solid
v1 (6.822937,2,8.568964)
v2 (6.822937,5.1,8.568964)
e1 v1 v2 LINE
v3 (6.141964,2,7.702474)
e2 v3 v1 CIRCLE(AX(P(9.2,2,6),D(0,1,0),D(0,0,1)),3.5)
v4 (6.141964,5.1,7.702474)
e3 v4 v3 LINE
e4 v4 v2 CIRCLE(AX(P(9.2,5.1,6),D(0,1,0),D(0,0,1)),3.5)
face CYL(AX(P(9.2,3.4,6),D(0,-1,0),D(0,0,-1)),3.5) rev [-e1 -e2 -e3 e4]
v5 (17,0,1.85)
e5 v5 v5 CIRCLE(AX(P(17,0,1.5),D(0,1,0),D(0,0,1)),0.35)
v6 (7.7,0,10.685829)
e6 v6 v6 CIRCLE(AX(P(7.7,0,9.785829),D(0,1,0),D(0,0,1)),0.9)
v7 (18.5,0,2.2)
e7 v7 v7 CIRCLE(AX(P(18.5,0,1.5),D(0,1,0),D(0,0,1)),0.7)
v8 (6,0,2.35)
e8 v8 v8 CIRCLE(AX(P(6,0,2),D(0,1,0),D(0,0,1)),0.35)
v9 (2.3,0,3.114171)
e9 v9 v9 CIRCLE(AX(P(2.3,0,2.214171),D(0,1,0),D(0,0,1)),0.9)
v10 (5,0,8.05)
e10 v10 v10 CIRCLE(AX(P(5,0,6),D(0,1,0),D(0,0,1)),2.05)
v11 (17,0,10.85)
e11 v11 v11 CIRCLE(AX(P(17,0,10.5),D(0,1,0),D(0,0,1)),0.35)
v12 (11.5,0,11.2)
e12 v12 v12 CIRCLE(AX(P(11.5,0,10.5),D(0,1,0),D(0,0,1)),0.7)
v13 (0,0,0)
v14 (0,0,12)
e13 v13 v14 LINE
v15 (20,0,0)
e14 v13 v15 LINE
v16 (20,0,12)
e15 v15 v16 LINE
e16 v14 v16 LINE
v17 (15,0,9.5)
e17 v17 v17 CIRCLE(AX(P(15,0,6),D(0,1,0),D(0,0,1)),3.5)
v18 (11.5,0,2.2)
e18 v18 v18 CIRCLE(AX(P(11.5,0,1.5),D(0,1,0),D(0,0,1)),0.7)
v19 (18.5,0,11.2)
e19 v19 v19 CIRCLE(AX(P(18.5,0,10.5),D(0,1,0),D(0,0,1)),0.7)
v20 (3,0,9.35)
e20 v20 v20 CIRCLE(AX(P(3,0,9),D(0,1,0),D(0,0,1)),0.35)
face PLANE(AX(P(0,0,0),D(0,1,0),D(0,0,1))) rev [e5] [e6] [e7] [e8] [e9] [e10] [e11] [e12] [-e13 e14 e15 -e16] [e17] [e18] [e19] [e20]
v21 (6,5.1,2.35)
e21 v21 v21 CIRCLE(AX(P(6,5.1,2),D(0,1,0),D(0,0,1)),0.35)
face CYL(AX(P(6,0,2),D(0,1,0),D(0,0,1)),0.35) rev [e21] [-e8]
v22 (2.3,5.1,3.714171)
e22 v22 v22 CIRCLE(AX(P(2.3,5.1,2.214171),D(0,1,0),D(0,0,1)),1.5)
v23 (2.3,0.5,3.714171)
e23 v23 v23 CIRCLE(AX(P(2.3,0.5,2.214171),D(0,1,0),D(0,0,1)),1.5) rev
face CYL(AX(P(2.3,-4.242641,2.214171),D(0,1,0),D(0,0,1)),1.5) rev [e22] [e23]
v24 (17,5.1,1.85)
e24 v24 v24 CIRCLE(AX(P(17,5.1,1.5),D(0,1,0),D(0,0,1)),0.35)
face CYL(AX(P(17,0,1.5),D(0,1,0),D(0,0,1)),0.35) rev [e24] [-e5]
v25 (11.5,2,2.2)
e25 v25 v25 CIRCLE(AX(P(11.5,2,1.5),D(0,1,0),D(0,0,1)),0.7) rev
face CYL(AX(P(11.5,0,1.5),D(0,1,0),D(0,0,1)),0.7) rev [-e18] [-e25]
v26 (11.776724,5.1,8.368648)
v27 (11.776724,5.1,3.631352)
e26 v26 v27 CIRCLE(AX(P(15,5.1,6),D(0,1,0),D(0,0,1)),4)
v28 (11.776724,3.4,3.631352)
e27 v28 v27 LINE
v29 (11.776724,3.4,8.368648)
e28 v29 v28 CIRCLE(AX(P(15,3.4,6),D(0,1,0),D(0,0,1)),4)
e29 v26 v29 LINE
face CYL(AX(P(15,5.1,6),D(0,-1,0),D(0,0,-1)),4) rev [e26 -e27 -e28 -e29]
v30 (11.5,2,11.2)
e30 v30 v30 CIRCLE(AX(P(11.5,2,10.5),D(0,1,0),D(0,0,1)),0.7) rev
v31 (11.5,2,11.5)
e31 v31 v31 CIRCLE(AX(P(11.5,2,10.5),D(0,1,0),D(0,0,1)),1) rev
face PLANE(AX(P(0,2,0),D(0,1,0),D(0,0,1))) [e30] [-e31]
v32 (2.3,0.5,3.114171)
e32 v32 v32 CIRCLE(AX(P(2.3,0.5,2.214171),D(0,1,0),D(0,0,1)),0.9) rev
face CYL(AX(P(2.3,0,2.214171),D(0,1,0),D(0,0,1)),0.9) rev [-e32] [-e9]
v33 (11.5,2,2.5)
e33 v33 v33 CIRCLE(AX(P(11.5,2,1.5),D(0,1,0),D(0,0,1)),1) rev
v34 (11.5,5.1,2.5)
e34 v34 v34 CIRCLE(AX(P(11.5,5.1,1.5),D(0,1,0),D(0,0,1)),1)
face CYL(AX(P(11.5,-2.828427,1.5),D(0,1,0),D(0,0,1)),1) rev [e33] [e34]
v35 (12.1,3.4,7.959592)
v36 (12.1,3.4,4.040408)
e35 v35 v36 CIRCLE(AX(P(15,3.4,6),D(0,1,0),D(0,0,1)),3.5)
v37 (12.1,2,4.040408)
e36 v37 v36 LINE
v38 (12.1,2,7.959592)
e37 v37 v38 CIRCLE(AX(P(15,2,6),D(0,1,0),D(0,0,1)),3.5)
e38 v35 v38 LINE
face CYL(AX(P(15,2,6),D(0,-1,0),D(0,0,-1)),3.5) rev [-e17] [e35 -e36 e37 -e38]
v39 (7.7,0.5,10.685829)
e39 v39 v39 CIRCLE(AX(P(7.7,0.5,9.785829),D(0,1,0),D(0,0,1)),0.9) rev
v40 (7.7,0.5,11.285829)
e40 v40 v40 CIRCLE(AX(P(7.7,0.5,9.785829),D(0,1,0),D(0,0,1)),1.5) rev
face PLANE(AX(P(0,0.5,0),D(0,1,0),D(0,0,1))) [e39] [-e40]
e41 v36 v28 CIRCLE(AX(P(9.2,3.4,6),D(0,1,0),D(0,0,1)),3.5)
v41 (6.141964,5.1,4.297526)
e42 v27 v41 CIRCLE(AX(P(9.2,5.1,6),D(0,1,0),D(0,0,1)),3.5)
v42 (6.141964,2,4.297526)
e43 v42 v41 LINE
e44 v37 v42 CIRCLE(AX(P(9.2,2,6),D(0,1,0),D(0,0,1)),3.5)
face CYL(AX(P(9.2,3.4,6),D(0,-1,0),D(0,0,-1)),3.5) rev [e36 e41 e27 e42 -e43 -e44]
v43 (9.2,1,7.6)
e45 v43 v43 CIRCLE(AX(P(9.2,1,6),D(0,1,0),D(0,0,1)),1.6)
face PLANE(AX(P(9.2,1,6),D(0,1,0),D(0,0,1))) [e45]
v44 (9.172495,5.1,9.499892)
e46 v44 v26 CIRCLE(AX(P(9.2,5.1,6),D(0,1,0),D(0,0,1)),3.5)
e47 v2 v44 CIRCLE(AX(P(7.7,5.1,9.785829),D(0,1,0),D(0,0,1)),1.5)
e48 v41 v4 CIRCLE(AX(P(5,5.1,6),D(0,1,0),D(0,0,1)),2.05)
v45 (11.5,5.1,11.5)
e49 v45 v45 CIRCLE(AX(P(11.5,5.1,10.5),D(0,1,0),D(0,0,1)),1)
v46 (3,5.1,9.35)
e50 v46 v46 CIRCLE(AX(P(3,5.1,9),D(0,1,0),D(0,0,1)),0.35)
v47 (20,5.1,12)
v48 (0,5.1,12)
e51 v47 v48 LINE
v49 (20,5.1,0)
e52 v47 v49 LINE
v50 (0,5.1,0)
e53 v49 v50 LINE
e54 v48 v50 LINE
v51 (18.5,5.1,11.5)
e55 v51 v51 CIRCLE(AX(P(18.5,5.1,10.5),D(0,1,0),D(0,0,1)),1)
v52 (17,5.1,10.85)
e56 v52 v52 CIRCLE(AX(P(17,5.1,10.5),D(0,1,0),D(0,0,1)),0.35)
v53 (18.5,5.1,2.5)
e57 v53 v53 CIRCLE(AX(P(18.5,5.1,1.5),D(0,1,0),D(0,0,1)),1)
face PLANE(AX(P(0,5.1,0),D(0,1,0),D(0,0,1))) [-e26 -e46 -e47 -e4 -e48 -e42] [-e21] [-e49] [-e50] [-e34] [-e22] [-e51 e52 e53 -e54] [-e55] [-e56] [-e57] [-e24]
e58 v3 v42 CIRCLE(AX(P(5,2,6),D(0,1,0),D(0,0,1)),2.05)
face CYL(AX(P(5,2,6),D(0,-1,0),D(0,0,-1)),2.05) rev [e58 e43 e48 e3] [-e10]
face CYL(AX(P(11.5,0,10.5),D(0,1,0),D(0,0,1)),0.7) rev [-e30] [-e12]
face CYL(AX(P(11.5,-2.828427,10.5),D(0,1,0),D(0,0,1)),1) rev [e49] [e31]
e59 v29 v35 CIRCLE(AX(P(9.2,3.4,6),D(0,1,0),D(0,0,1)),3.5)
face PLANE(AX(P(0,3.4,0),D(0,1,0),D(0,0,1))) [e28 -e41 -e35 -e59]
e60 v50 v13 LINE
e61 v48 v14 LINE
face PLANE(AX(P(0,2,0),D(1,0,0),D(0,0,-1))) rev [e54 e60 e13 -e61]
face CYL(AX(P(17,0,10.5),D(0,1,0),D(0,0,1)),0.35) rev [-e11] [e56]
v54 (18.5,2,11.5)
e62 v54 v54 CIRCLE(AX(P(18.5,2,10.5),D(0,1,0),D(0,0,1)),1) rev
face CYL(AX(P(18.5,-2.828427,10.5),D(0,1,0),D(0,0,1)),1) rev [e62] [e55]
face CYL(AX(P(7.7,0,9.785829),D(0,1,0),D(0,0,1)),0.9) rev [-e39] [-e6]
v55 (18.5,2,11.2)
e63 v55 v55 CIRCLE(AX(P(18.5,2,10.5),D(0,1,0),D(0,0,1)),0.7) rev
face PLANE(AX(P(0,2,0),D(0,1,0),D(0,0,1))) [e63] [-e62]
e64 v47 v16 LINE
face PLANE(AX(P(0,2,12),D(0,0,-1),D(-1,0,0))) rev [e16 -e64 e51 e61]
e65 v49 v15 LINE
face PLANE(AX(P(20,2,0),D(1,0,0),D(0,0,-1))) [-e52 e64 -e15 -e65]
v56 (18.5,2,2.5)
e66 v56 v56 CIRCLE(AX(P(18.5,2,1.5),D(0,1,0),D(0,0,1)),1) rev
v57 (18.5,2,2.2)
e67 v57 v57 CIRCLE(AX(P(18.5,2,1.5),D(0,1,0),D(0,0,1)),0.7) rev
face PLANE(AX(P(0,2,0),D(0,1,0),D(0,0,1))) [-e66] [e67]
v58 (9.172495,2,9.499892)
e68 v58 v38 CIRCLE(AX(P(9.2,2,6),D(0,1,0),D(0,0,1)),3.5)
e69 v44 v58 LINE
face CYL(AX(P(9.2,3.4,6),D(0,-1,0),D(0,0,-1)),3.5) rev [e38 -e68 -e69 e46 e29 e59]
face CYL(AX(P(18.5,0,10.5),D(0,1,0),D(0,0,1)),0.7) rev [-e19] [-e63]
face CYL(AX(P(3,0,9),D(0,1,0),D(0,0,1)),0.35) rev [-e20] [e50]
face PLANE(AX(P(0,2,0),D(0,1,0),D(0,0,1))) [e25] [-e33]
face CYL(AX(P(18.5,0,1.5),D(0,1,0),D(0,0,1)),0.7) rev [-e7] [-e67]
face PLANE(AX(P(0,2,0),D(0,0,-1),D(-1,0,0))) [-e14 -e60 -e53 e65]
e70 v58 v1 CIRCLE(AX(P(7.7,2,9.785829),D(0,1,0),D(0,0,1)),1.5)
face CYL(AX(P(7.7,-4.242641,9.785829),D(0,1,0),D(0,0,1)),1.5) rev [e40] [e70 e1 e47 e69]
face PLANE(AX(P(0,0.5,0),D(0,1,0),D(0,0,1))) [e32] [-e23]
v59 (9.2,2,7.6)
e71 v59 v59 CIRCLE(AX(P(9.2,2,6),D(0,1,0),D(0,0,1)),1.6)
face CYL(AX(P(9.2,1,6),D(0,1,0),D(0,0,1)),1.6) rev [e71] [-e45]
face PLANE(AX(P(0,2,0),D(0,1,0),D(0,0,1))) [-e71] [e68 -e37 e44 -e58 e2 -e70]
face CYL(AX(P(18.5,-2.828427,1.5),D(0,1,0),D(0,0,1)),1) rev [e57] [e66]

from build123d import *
from build123d.topology import SkipClean

# Parameters (mm, degrees)
SKETCH_1_W          = 20
SKETCH_1_H          = 12
SKETCH_1_R          = 2.05
SKETCH_1_R_2        = 3.5
EXTRUDE_1_DEPTH     = 2
CUT_EXTRUDE_START   = 2
SKETCH_1_3_R        = 1.6
CUT_EXTRUDE_6_DEPTH = 1
SKETCH_3_W          = 20
SKETCH_3_H          = 12
EXTRUDE_3_DEPTH     = 1.4
EXTRUDE_START       = 1.4
SKETCH_3_17_W       = 20
SKETCH_3_17_H       = 12
EXTRUDE_4_DEPTH     = 1.7
CUT_EXTRUDE_START_2 = 5.1
SKETCH_5_R          = 0.9
CUT_EXTRUDE_1_DEPTH = 29.974882199
SKETCH_5_10_R       = 1.5
CUT_EXTRUDE_3_DEPTH = 4.6
SKETCH_7_R          = 0.35
SKETCH_7_R_2        = 0.7
CUT_EXTRUDE_4_DEPTH = 24.874882199
SKETCH_7_3_R        = 1
CUT_EXTRUDE_7_DEPTH = 3.1


with BuildPart() as part:
    # 草图1 → 凸台-拉伸1 (new body)
    with BuildSketch(Plane(origin=(0, 0, 0), x_dir=(1, 0, 0), z_dir=(0, 1, 0))):
        with Locations((10, -6)):
            Rectangle(SKETCH_1_W, SKETCH_1_H)
        with Locations(Location((5, -6, 0), (0, 0, 270))):
            Circle(SKETCH_1_R, mode=Mode.SUBTRACT)
        with Locations(Location((15, -6, 0), (0, 0, 270))):
            Circle(SKETCH_1_R_2, mode=Mode.SUBTRACT)
    extrude(amount=EXTRUDE_1_DEPTH)

    # 草图1<3> → 切除-拉伸6 (cut)
    with BuildSketch(Plane(origin=(0, 0, 0), x_dir=(1, 0, 0), z_dir=(0, 1, 0)).offset(CUT_EXTRUDE_START)):
        with Locations(Location((9.2, -6, 0), (0, 0, 270))):
            Circle(SKETCH_1_3_R)
    extrude(amount=-CUT_EXTRUDE_6_DEPTH, mode=Mode.SUBTRACT)

    # 草图3 → 凸台-拉伸3 (add)
    with SkipClean():  # the faces are left unmerged after this step: merging them gives an invalid solid
        with BuildSketch(Plane(origin=(0, 2, 0), x_dir=(1, 0, 0), z_dir=(0, 1, 0))):
            with Locations((10, -6)):
                Rectangle(SKETCH_3_W, SKETCH_3_H)
            with BuildLine():
                ThreePointArc((6.141964286, -7.702473956), (2.95, -6), (6.141964286, -4.297526044))
                ThreePointArc((6.141964286, -4.297526044), (9.04909865, -2.503254544), (12.1, -4.040408206))
                ThreePointArc((12.1, -4.040408206), (18.5, -6), (12.1, -7.959591794))
                ThreePointArc((12.1, -7.959591794), (9.04909865, -9.496745456), (6.141964286, -7.702473956))
            make_face(mode=Mode.SUBTRACT)
        extrude(amount=EXTRUDE_3_DEPTH)

    # 草图3<17> → 凸台-拉伸4 (add)
    with SkipClean():  # the faces are left unmerged after this step: merging them gives an invalid solid
        with BuildSketch(Plane(origin=(0, 2, 0), x_dir=(1, 0, 0), z_dir=(0, 1, 0)).offset(EXTRUDE_START)):
            with Locations((10, -6)):
                Rectangle(SKETCH_3_17_W, SKETCH_3_17_H)
            with BuildLine():
                ThreePointArc((6.141964286, -7.702473956), (2.95, -6), (6.141964286, -4.297526044))
                ThreePointArc((6.141964286, -4.297526044), (8.789071626, -2.524206872), (11.776724138, -3.631352133))
                ThreePointArc((11.776724138, -3.631352133), (16.246374051, -2.199138029), (19, -6))
                ThreePointArc((19, -6), (16.246374051, -9.800861971), (11.776724138, -8.368647867))
                ThreePointArc((11.776724138, -8.368647867), (8.789071626, -9.475793128), (6.141964286, -7.702473956))
            make_face(mode=Mode.SUBTRACT)
        extrude(amount=EXTRUDE_4_DEPTH)

    # 草图5 → 切除-拉伸1 (cut, through all)
    with SkipClean():  # the faces are left unmerged after this step: merging them gives an invalid solid
        with BuildSketch(Plane(origin=(0, 0, 0), x_dir=(1, 0, 0), z_dir=(0, 1, 0)).offset(CUT_EXTRUDE_START_2)):
            with Locations(Location((2.3, -2.214171161, 0), (0, 0, 270))):
                Circle(SKETCH_5_R)
            with Locations(Location((7.7, -9.785828839, 0), (0, 0, 270))):
                Circle(SKETCH_5_R)
        extrude(amount=-CUT_EXTRUDE_1_DEPTH, mode=Mode.SUBTRACT)

    # 草图5<10> → 切除-拉伸3 (cut)
    with SkipClean():  # the faces are left unmerged after this step: merging them gives an invalid solid
        with BuildSketch(Plane(origin=(0, 0, 0), x_dir=(1, 0, 0), z_dir=(0, 1, 0)).offset(CUT_EXTRUDE_START_2)):
            with Locations(Location((2.3, -2.214171161, 0), (0, 0, 270))):
                Circle(SKETCH_5_10_R)
            with Locations(Location((7.7, -9.785828839, 0), (0, 0, 270))):
                Circle(SKETCH_5_10_R)
        extrude(amount=-CUT_EXTRUDE_3_DEPTH, mode=Mode.SUBTRACT)

    # 草图7 → 切除-拉伸4 (cut, through all)
    with SkipClean():  # the faces are left unmerged after this step: merging them gives an invalid solid
        with BuildSketch(Plane(origin=(0, 5.1, 0), x_dir=(1, 0, 0), z_dir=(0, 1, 0))):
            with Locations(Location((6, -2, 0), (0, 0, 270))):
                Circle(SKETCH_7_R)
            with Locations(Location((3, -9, 0), (0, 0, 270))):
                Circle(SKETCH_7_R)
            with Locations(Location((17, -1.5, 0), (0, 0, 270))):
                Circle(SKETCH_7_R)
            with Locations(Location((17, -10.5, 0), (0, 0, 270))):
                Circle(SKETCH_7_R)
            with Locations(Location((11.5, -1.5, 0), (0, 0, 270))):
                Circle(SKETCH_7_R_2)
            with Locations(Location((18.5, -10.5, 0), (0, 0, 270))):
                Circle(SKETCH_7_R_2)
            with Locations(Location((11.5, -10.5, 0), (0, 0, 270))):
                Circle(SKETCH_7_R_2)
            with Locations(Location((18.5, -1.5, 0), (0, 0, 270))):
                Circle(SKETCH_7_R_2)
        extrude(amount=-CUT_EXTRUDE_4_DEPTH, mode=Mode.SUBTRACT)

    # 草图7<3> → 切除-拉伸7 (cut)
    with SkipClean():  # the faces are left unmerged after this step: merging them gives an invalid solid
        with BuildSketch(Plane(origin=(0, 5.1, 0), x_dir=(1, 0, 0), z_dir=(0, 1, 0))):
            with Locations(Location((11.5, -1.5, 0), (0, 0, 270))):
                Circle(SKETCH_7_3_R)
            with Locations(Location((18.5, -10.5, 0), (0, 0, 270))):
                Circle(SKETCH_7_3_R)
            with Locations(Location((11.5, -10.5, 0), (0, 0, 270))):
                Circle(SKETCH_7_3_R)
            with Locations(Location((18.5, -1.5, 0), (0, 0, 270))):
                Circle(SKETCH_7_3_R)
        extrude(amount=-CUT_EXTRUDE_7_DEPTH, mode=Mode.SUBTRACT)


solid = part.part
